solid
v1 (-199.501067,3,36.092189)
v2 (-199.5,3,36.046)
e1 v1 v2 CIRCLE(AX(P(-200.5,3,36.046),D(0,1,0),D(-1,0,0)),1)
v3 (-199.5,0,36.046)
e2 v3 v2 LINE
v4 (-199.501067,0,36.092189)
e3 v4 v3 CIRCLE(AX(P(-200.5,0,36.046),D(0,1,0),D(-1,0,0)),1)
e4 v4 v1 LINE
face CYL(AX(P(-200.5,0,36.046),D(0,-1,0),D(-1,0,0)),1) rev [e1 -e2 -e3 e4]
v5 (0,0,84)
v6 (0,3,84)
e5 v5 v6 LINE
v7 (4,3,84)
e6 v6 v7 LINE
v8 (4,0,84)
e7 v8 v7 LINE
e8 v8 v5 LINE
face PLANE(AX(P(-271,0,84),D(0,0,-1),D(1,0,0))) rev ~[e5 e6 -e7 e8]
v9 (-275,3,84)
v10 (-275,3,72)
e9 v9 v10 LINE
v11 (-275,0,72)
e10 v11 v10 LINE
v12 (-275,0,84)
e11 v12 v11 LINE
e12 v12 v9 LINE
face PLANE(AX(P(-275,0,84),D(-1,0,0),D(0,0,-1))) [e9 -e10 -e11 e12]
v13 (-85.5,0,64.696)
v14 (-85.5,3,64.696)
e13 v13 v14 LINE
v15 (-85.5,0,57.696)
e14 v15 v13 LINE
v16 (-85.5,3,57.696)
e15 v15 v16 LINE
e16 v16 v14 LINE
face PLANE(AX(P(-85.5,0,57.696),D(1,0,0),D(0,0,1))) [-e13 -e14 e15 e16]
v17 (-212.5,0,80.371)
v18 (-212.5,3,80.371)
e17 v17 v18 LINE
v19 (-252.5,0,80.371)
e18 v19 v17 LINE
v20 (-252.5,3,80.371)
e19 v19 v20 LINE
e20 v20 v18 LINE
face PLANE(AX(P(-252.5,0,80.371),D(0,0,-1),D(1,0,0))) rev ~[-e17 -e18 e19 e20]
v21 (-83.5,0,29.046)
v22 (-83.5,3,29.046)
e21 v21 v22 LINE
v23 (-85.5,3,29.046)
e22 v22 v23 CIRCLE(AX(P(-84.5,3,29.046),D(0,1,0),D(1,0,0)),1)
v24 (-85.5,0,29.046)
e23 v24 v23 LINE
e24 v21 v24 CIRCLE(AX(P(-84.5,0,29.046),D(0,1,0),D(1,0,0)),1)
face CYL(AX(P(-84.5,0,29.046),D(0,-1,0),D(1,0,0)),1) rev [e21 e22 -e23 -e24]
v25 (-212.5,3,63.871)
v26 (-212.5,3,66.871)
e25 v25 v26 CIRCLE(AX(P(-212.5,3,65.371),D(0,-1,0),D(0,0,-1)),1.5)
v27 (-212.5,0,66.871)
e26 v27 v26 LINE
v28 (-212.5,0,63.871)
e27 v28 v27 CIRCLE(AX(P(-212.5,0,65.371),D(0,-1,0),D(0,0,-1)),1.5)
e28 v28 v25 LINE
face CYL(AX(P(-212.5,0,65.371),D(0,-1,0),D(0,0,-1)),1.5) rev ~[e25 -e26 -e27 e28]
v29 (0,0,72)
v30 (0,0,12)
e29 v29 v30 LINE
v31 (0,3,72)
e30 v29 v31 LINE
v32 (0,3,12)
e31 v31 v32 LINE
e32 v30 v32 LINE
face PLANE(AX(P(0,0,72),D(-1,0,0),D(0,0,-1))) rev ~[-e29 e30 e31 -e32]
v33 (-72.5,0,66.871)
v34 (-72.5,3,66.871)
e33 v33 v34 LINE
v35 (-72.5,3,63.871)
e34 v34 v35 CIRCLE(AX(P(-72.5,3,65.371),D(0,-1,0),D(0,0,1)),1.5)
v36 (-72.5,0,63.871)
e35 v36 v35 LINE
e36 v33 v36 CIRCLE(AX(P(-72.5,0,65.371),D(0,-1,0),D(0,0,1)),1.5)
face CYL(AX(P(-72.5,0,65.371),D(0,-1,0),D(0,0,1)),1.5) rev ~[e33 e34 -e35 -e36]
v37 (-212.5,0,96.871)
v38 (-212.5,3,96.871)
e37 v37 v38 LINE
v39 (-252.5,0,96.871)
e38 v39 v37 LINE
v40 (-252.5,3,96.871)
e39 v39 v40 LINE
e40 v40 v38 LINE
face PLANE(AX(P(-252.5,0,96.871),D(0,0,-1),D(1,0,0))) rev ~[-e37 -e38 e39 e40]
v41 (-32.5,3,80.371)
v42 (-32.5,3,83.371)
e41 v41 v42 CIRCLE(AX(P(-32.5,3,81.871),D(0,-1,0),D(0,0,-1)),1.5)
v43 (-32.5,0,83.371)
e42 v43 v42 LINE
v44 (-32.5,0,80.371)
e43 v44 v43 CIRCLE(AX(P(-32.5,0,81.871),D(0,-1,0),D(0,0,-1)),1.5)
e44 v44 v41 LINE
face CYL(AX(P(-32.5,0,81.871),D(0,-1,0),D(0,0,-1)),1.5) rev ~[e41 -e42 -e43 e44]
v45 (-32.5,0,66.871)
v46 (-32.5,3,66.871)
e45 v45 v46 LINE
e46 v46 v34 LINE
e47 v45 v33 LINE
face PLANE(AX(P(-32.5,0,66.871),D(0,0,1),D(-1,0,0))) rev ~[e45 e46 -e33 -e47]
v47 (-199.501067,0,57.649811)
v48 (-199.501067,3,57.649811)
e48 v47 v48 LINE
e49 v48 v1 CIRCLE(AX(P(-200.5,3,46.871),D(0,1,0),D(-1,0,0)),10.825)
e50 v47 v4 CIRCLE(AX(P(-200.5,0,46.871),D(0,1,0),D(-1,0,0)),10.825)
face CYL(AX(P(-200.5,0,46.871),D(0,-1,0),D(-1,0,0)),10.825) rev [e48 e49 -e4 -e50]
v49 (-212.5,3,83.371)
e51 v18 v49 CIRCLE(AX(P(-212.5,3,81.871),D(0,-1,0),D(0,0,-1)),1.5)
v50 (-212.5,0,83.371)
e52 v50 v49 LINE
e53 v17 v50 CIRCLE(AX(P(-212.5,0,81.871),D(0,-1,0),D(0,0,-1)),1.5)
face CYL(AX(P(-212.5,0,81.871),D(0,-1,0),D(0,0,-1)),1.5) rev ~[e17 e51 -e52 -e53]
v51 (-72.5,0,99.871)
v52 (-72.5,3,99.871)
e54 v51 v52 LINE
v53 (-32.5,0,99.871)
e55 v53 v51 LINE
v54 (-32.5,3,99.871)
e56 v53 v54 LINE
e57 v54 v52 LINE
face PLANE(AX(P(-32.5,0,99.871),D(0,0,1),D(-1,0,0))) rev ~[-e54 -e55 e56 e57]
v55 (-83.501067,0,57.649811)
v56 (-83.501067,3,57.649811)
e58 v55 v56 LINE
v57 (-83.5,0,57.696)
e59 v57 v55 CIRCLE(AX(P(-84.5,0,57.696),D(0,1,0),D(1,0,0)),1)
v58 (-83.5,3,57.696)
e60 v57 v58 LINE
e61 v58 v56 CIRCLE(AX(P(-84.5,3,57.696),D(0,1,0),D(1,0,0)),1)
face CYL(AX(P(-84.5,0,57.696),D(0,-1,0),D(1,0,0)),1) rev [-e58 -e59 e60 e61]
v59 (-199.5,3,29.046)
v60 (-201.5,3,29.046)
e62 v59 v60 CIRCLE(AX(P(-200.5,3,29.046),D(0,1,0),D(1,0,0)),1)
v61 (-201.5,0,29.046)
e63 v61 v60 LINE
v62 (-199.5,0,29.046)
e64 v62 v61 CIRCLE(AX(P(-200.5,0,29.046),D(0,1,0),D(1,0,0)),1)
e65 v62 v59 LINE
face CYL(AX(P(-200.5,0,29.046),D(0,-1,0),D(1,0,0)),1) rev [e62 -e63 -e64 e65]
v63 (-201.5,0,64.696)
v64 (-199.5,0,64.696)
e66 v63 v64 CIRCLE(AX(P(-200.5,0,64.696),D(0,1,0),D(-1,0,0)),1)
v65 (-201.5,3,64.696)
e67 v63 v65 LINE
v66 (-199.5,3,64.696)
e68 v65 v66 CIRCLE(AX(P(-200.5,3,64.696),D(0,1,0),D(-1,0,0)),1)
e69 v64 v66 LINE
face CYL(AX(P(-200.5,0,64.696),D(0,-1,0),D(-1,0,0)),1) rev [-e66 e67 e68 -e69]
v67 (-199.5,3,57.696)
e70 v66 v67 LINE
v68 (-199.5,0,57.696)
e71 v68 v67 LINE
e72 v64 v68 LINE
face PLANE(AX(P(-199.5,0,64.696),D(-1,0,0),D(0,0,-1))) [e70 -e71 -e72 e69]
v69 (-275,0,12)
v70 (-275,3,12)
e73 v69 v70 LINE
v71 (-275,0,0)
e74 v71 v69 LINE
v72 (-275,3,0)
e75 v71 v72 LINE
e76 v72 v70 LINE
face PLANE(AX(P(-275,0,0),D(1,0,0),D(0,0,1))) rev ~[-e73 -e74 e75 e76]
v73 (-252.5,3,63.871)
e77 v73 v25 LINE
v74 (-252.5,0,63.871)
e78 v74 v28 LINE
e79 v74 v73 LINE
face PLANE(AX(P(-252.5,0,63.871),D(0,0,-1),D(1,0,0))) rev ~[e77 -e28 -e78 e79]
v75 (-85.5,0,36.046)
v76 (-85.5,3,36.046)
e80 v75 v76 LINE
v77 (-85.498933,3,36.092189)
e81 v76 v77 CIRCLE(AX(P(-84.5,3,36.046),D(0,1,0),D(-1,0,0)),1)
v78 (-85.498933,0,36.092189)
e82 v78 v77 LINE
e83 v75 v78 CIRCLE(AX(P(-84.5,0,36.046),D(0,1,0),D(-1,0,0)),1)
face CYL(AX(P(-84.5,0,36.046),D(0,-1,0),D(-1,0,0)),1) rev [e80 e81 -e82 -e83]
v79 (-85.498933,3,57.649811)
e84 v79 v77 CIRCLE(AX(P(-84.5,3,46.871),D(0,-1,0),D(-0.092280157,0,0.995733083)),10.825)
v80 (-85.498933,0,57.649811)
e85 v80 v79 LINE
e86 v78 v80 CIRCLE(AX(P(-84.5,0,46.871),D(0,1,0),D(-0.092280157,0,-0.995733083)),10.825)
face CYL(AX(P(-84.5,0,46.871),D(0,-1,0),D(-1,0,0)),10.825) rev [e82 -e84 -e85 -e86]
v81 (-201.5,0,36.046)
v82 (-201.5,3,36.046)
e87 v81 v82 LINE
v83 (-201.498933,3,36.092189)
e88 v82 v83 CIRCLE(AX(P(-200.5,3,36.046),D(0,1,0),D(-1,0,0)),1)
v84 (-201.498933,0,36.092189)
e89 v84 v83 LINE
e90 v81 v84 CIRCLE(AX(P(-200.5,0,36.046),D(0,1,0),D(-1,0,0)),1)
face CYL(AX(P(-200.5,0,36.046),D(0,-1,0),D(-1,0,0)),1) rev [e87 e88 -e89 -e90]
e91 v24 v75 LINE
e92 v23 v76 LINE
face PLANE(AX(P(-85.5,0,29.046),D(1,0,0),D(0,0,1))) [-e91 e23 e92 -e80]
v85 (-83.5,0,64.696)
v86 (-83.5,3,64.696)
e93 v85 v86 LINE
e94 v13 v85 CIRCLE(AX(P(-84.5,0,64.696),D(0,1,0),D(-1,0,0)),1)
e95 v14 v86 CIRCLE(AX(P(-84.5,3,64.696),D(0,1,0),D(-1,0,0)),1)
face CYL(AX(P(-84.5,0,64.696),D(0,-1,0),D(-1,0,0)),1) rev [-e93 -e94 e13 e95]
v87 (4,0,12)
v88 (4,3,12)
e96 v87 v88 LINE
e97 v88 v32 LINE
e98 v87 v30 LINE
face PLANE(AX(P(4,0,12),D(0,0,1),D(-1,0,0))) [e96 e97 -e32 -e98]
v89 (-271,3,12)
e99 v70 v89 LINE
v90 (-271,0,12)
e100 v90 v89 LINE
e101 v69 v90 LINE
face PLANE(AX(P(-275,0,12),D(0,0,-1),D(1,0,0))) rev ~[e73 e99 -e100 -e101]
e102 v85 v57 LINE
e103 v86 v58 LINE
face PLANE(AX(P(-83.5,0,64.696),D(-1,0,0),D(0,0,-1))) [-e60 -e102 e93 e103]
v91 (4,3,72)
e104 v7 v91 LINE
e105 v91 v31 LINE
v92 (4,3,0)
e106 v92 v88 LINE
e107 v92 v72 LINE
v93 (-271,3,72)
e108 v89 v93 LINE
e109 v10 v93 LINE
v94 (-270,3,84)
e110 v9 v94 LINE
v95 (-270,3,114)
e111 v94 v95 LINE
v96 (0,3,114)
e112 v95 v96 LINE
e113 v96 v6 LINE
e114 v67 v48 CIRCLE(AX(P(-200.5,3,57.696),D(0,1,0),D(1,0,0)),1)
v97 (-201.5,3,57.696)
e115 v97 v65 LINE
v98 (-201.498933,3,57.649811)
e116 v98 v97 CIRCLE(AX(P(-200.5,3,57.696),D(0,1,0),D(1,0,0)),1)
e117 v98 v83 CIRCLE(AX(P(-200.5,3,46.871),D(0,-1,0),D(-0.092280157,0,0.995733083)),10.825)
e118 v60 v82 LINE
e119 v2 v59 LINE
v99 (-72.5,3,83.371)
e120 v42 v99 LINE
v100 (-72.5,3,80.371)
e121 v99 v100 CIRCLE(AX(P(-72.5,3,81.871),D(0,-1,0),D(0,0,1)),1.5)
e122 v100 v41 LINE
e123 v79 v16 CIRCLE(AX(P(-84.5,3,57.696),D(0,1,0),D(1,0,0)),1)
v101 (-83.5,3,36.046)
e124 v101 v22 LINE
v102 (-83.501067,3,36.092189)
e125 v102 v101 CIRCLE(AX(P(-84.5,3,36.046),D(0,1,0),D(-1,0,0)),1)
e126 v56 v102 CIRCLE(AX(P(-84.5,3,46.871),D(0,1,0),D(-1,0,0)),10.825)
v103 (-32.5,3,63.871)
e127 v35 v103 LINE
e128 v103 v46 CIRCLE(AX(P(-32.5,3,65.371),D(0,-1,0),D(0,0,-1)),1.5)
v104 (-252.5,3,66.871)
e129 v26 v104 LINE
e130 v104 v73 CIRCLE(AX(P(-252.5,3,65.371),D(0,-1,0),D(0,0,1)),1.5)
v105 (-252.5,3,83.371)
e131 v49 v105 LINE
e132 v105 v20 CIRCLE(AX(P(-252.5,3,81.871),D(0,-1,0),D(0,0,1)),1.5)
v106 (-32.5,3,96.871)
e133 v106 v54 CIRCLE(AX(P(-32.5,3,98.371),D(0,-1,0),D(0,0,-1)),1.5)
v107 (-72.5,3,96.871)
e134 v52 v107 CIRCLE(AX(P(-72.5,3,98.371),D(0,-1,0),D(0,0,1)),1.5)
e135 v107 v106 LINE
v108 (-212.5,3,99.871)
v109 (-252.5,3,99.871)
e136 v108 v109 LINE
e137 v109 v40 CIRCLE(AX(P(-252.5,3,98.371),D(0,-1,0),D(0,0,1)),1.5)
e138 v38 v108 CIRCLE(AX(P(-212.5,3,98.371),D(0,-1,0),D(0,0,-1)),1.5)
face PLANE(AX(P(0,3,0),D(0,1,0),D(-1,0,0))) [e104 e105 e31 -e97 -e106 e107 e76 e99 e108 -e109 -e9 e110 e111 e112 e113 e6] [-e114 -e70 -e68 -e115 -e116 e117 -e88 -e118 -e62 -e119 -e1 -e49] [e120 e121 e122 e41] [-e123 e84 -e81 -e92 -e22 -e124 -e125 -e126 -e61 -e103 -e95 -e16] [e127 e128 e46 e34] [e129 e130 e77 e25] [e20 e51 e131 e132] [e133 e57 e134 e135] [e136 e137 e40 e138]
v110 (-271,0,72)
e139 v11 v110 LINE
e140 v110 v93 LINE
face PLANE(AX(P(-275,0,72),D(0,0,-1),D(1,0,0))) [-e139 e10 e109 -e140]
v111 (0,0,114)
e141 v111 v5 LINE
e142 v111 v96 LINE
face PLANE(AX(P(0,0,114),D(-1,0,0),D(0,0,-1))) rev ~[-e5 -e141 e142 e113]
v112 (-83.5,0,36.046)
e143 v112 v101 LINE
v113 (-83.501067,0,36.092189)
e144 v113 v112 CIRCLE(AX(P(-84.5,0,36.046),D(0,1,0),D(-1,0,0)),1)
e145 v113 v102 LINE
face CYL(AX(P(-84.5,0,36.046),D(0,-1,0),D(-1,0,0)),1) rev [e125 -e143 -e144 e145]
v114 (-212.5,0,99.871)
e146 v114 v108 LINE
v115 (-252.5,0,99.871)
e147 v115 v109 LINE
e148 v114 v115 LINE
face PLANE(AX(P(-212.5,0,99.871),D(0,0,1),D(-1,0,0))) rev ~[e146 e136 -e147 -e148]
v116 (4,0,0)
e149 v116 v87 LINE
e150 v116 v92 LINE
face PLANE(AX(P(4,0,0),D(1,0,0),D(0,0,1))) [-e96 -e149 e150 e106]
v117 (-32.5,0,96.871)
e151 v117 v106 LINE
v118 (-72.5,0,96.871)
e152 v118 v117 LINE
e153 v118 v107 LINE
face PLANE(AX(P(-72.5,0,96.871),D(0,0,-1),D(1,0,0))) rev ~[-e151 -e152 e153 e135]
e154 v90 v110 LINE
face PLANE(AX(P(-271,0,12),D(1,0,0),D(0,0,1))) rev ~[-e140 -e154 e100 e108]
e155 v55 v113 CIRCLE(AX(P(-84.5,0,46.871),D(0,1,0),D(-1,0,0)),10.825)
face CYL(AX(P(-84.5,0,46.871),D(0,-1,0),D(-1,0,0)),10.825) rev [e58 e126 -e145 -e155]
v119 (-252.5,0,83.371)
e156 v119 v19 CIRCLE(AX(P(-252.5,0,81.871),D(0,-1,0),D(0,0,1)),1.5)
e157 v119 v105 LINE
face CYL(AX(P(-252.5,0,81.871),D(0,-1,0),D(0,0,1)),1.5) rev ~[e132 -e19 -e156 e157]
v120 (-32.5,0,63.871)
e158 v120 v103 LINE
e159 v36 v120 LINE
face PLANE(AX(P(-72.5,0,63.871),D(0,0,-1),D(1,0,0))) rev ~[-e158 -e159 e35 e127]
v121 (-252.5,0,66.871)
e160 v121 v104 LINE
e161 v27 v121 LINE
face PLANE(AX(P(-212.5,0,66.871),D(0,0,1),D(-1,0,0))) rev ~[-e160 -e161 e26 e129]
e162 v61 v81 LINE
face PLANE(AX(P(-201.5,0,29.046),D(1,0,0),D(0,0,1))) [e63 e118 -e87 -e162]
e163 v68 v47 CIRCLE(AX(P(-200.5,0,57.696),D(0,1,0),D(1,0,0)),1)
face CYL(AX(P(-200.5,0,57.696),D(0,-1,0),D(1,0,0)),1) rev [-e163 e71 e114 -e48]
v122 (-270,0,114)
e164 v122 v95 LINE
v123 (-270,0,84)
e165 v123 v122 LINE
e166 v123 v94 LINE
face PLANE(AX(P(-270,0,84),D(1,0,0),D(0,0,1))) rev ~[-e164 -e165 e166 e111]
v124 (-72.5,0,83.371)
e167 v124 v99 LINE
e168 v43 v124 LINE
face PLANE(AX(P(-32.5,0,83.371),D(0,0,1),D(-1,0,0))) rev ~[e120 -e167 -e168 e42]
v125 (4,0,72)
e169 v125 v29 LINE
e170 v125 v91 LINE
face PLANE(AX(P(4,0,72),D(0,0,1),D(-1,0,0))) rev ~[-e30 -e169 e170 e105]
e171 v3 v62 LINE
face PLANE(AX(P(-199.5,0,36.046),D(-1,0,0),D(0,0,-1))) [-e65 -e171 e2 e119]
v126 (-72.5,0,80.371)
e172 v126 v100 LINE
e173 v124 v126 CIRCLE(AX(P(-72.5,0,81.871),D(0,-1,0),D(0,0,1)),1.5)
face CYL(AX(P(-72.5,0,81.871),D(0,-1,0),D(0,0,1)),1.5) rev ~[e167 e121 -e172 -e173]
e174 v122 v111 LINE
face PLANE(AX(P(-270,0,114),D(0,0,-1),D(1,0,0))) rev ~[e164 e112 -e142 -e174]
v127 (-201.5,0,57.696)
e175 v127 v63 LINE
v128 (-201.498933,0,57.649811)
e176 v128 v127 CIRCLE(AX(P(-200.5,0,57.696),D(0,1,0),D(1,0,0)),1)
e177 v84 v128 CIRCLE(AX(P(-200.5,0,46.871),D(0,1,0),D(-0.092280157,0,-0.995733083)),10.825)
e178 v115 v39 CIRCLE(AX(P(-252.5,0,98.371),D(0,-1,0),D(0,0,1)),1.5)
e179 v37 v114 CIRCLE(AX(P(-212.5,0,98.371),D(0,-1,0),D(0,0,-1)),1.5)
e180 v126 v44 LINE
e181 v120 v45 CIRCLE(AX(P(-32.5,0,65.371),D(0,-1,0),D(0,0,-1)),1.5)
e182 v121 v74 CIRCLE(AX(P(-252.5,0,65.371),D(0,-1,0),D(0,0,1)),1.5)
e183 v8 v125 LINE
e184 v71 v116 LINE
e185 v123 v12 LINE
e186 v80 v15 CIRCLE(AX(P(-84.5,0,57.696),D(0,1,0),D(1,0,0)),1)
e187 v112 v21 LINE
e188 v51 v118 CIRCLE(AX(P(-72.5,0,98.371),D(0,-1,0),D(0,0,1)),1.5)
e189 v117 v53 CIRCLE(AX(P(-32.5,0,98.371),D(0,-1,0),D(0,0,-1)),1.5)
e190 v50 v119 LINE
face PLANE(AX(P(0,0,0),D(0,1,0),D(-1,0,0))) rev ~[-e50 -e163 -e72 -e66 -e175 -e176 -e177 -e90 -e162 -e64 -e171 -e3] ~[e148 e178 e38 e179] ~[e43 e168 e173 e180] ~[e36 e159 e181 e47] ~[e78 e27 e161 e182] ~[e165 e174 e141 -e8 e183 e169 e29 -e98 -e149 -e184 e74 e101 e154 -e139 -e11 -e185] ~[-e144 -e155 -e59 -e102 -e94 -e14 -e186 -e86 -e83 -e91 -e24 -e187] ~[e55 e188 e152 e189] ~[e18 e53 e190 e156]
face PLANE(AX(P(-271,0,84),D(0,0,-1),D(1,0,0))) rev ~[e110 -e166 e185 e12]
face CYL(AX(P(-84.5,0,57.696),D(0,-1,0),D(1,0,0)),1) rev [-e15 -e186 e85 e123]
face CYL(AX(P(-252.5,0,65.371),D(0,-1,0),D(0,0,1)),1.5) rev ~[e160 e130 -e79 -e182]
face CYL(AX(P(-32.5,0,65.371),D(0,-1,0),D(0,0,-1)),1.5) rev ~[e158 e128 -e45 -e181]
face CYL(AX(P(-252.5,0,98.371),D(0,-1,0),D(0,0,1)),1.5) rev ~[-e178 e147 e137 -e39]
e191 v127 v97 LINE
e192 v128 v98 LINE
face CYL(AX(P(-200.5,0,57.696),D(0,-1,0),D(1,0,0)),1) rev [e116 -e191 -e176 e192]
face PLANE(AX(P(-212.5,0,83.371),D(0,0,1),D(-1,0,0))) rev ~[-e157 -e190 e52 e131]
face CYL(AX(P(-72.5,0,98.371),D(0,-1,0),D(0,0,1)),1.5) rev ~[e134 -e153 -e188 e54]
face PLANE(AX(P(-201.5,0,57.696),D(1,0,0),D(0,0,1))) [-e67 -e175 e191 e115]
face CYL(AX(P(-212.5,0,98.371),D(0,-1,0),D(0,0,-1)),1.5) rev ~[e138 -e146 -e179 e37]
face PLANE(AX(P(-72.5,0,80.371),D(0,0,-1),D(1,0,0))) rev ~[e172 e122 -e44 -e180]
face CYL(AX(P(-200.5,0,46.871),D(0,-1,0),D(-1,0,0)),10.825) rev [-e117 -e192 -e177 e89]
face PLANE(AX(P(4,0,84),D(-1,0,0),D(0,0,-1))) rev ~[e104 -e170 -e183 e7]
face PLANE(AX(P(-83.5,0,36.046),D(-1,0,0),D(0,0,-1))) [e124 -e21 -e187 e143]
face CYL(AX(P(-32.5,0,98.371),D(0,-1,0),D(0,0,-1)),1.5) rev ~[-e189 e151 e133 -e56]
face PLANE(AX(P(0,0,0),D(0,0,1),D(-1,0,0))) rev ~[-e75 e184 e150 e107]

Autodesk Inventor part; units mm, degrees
ref_plane "YZ Plane" through (0, 0, 0) normal (1, 0, 0) x (0, 1, 0)
ref_plane "XZ Plane" through (0, 0, 0) normal (0, 1, 0) x (-1, 0, 0)
ref_plane "XY Plane" through (0, 0, 0) normal (0, 0, 1) x (1, 0, 0)
sketch "Sketch1" plane through (0, 0, 0) normal (0, 1, 0) x (-1, 0, 0)
  line L0 (0, 0) -> (271, 0)
  line L1 (271, 0) -> (271, 84)
  line L2 (271, 84) -> (0, 84)
  line L3 (0, 84) -> (0, 0)
  line L4 (135.5, 84) -> (135.5, 0) construction
  line L5 (0, 84) -> (-4, 84)
  line L6 (-4, 84) -> (-4, 72)
  line L7 (-4, 72) -> (0, 72)
  line L8 (0, 72) -> (0, 84)
  line L9 (0, 0) -> (-4, 0)
  line L10 (-4, 0) -> (-4, 12)
  line L11 (-4, 12) -> (0, 12)
  line L12 (0, 12) -> (0, 0)
  line L13 (271, 84) -> (271, 0)
  line L14 (271, 84) -> (275, 84)
  line L15 (275, 84) -> (275, 72)
  line L16 (275, 72) -> (271, 72)
  line L17 (271, 72) -> (271, 84)
  line L18 (271, 0) -> (275, 0)
  line L19 (275, 0) -> (275, 12)
  line L20 (275, 12) -> (271, 12)
  line L21 (271, 12) -> (271, 0)
  line L22 (200.5, 46.871) -> (84.5, 46.871) construction
  circle A0 centre (200.5, 46.871) radius 10.825
  arc A1 (201.5, 64.696) -> (199.5, 64.696) centre (200.5, 64.696) ccw
  line L23 (200.5, 57.696) -> (200.5, 64.696) construction
  line L24 (201.5, 57.696) -> (201.5, 64.696)
  line L25 (199.5, 64.696) -> (199.5, 57.696)
  arc A2 (199.5, 57.696) -> (201.5, 57.696) centre (200.5, 57.696) ccw
  arc A3 (201.5, 36.046) -> (199.5, 36.046) centre (200.5, 36.046) ccw
  line L26 (201.5, 29.046) -> (201.5, 36.046)
  arc A4 (199.5, 29.046) -> (201.5, 29.046) centre (200.5, 29.046) ccw
  line L27 (200.5, 36.046) -> (200.5, 29.046) construction
  line L28 (199.5, 36.046) -> (199.5, 29.046)
  arc A5 (85.5, 36.046) -> (83.5, 36.046) centre (84.5, 36.046) ccw
  arc A6 (83.5, 57.696) -> (85.5, 57.696) centre (84.5, 57.696) ccw
  line L29 (83.5, 64.696) -> (83.5, 57.696)
  line L30 (84.5, 57.696) -> (84.5, 64.696) construction
  line L31 (85.5, 57.696) -> (85.5, 64.696)
  arc A7 (85.5, 64.696) -> (83.5, 64.696) centre (84.5, 64.696) ccw
  circle A8 centre (84.5, 46.871) radius 10.825
  arc A9 (83.5, 29.046) -> (85.5, 29.046) centre (84.5, 29.046) ccw
  line L32 (83.5, 36.046) -> (83.5, 29.046)
  line L33 (84.5, 36.046) -> (84.5, 29.046) construction
  line L34 (85.5, 29.046) -> (85.5, 36.046)
  point P0 (200.5, 61.196)
  point P1 (200.5, 32.546)
  point P2 (84.5, 46.871)
  point P3 (84.5, 61.196)
  point P4 (84.5, 32.546)
  dimension "d0" = 271
  dimension "d1" = 84
  dimension "d2" = 4
  dimension "d3" = 12
  dimension "d4" = 4
  dimension "d5" = 12
  dimension "d11" = 116
  dimension "d13" = 37.129
  dimension "d14" = 84.5
  dimension "d15" = 21.65
  dimension "d16" = 7
  dimension "d17" = 2
  dimension "d18" = 7
  dimension "d19" = 2
  dimension "d20" = 21.65
  dimension "d21" = 7
  dimension "d22" = 2
  dimension "d23" = 7
  dimension "d24" = 2
extrude "Extrusion1" add sketch "Sketch1" along normal blind 3
sketch "Sketch3" plane through (0, 0, 0) normal (0, -1, 0) x (1, 0, 0)
  line L0 (4, 0) -> (-275, 0) projected
  line L1 (-270, 114) -> (0, 114)
  line L2 (0, 114) -> (0, 84)
  line L3 (0, 84) -> (-270, 84)
  line L4 (-270, 84) -> (-270, 114)
  line L5 (-275, 84) -> (4, 84) projected
  point P0 (0, 0)
  dimension "d28" = 30
extrude "Extrusion2" add sketch "Sketch3" against normal blind 3
sketch "Sketch2" plane through (0, 0, 0) normal (0, -1, 0) x (1, 0, 0)
  circle A0 centre (-232.5, 81.871) radius 1.5 construction
  arc A1 (-199.5011, 36.0922) -> (-199.5011, 57.6498) centre (-200.5, 46.871) ccw projected
  circle A2 centre (-251.5, 81.871) radius 1.5 construction
  circle A3 centre (-251.5, 98.371) radius 1.5 construction
  circle A4 centre (-232.5, 98.371) radius 1.5 construction
  line L0 (-251.5, 98.371) -> (-232.5, 98.371) construction
  line L1 (-251.5, 98.371) -> (-251.5, 81.871) construction
  line L2 (-252.5, 98.371) -> (-212.5, 98.371) construction
  line L3 (-252.5, 96.871) -> (-212.5, 96.871)
  line L4 (-212.5, 99.871) -> (-252.5, 99.871)
  arc A5 (-252.5, 99.871) -> (-252.5, 96.871) centre (-252.5, 98.371) ccw
  arc A6 (-212.5, 96.871) -> (-212.5, 99.871) centre (-212.5, 98.371) ccw
  line L5 (-252.5, 81.871) -> (-212.5, 81.871) construction
  line L6 (-252.5, 80.371) -> (-212.5, 80.371)
  line L7 (-212.5, 83.371) -> (-252.5, 83.371)
  arc A7 (-252.5, 83.371) -> (-252.5, 80.371) centre (-252.5, 81.871) ccw
  arc A8 (-212.5, 80.371) -> (-212.5, 83.371) centre (-212.5, 81.871) ccw
  circle A9 centre (-52.5, 81.871) radius 1.5 construction
  arc A10 (-83.5011, 36.0922) -> (-83.5011, 57.6498) centre (-84.5, 46.871) ccw construction
  line L8 (-32.5, 81.871) -> (-72.5, 81.871) construction
  line L9 (-32.5, 83.371) -> (-72.5, 83.371)
  line L10 (-72.5, 80.371) -> (-32.5, 80.371)
  arc A11 (-32.5, 80.371) -> (-32.5, 83.371) centre (-32.5, 81.871) ccw
  arc A12 (-72.5, 83.371) -> (-72.5, 80.371) centre (-72.5, 81.871) ccw
  line L11 (-32.5, 98.371) -> (-72.5, 98.371) construction
  line L12 (-32.5, 99.871) -> (-72.5, 99.871)
  line L13 (-72.5, 96.871) -> (-32.5, 96.871)
  arc A13 (-32.5, 96.871) -> (-32.5, 99.871) centre (-32.5, 98.371) ccw
  arc A14 (-72.5, 99.871) -> (-72.5, 96.871) centre (-72.5, 98.371) ccw
  line L14 (-252.5, 65.371) -> (-212.5, 65.371) construction
  line L15 (-252.5, 63.871) -> (-212.5, 63.871)
  line L16 (-212.5, 66.871) -> (-252.5, 66.871)
  arc A15 (-252.5, 66.871) -> (-252.5, 63.871) centre (-252.5, 65.371) ccw
  arc A16 (-212.5, 63.871) -> (-212.5, 66.871) centre (-212.5, 65.371) ccw
  line L17 (-212.5, 81.871) -> (-212.5, 65.371) construction
  line L18 (-32.5, 65.371) -> (-72.5, 65.371) construction
  line L19 (-32.5, 66.871) -> (-72.5, 66.871)
  line L20 (-72.5, 63.871) -> (-32.5, 63.871)
  arc A17 (-32.5, 63.871) -> (-32.5, 66.871) centre (-32.5, 65.371) ccw
  arc A18 (-72.5, 66.871) -> (-72.5, 63.871) centre (-72.5, 65.371) ccw
  line L21 (-72.5, 81.871) -> (-72.5, 65.371) construction
  line L22 (-72.5, 98.371) -> (-72.5, 81.871) construction
  point P0 (0, 0)
  point P1 (-52.5, 98.371)
  point P2 (-232.5, 65.371)
  point P3 (-52.5, 65.371)
  dimension "d25" = 3
  dimension "d26" = 32
  dimension "d27" = 35
  dimension "d31" = 3
  dimension "d32" = 3
  dimension "d33" = 3
  dimension "d34" = 19
  dimension "d35" = 16.5
  dimension "d38" = 20
  dimension "d39" = 20
  dimension "d40" = 3
  dimension "d41" = 3
  dimension "d43" = 32
  dimension "d44" = 35
  dimension "d45" = 20
  dimension "d46" = 3
  dimension "d47" = 20
  dimension "d48" = 3
  dimension "d49" = 20
  dimension "d50" = 3
  dimension "d51" = 16.5
  dimension "d52" = 20
  dimension "d53" = 3
  dimension "d54" = 16.5
extrude "Extrusion3" cut sketch "Sketch2" against normal blind 3
equation "\"d4\" = d2"
equation "\"d31\" = d25"
equation "\"d32\" = d25"
equation "\"d33\" = d25"
equation "\"d41\" = d40"
equation "\"d43\" = d26"
equation "\"d44\" = d27"
properties part number "flipper-support"
